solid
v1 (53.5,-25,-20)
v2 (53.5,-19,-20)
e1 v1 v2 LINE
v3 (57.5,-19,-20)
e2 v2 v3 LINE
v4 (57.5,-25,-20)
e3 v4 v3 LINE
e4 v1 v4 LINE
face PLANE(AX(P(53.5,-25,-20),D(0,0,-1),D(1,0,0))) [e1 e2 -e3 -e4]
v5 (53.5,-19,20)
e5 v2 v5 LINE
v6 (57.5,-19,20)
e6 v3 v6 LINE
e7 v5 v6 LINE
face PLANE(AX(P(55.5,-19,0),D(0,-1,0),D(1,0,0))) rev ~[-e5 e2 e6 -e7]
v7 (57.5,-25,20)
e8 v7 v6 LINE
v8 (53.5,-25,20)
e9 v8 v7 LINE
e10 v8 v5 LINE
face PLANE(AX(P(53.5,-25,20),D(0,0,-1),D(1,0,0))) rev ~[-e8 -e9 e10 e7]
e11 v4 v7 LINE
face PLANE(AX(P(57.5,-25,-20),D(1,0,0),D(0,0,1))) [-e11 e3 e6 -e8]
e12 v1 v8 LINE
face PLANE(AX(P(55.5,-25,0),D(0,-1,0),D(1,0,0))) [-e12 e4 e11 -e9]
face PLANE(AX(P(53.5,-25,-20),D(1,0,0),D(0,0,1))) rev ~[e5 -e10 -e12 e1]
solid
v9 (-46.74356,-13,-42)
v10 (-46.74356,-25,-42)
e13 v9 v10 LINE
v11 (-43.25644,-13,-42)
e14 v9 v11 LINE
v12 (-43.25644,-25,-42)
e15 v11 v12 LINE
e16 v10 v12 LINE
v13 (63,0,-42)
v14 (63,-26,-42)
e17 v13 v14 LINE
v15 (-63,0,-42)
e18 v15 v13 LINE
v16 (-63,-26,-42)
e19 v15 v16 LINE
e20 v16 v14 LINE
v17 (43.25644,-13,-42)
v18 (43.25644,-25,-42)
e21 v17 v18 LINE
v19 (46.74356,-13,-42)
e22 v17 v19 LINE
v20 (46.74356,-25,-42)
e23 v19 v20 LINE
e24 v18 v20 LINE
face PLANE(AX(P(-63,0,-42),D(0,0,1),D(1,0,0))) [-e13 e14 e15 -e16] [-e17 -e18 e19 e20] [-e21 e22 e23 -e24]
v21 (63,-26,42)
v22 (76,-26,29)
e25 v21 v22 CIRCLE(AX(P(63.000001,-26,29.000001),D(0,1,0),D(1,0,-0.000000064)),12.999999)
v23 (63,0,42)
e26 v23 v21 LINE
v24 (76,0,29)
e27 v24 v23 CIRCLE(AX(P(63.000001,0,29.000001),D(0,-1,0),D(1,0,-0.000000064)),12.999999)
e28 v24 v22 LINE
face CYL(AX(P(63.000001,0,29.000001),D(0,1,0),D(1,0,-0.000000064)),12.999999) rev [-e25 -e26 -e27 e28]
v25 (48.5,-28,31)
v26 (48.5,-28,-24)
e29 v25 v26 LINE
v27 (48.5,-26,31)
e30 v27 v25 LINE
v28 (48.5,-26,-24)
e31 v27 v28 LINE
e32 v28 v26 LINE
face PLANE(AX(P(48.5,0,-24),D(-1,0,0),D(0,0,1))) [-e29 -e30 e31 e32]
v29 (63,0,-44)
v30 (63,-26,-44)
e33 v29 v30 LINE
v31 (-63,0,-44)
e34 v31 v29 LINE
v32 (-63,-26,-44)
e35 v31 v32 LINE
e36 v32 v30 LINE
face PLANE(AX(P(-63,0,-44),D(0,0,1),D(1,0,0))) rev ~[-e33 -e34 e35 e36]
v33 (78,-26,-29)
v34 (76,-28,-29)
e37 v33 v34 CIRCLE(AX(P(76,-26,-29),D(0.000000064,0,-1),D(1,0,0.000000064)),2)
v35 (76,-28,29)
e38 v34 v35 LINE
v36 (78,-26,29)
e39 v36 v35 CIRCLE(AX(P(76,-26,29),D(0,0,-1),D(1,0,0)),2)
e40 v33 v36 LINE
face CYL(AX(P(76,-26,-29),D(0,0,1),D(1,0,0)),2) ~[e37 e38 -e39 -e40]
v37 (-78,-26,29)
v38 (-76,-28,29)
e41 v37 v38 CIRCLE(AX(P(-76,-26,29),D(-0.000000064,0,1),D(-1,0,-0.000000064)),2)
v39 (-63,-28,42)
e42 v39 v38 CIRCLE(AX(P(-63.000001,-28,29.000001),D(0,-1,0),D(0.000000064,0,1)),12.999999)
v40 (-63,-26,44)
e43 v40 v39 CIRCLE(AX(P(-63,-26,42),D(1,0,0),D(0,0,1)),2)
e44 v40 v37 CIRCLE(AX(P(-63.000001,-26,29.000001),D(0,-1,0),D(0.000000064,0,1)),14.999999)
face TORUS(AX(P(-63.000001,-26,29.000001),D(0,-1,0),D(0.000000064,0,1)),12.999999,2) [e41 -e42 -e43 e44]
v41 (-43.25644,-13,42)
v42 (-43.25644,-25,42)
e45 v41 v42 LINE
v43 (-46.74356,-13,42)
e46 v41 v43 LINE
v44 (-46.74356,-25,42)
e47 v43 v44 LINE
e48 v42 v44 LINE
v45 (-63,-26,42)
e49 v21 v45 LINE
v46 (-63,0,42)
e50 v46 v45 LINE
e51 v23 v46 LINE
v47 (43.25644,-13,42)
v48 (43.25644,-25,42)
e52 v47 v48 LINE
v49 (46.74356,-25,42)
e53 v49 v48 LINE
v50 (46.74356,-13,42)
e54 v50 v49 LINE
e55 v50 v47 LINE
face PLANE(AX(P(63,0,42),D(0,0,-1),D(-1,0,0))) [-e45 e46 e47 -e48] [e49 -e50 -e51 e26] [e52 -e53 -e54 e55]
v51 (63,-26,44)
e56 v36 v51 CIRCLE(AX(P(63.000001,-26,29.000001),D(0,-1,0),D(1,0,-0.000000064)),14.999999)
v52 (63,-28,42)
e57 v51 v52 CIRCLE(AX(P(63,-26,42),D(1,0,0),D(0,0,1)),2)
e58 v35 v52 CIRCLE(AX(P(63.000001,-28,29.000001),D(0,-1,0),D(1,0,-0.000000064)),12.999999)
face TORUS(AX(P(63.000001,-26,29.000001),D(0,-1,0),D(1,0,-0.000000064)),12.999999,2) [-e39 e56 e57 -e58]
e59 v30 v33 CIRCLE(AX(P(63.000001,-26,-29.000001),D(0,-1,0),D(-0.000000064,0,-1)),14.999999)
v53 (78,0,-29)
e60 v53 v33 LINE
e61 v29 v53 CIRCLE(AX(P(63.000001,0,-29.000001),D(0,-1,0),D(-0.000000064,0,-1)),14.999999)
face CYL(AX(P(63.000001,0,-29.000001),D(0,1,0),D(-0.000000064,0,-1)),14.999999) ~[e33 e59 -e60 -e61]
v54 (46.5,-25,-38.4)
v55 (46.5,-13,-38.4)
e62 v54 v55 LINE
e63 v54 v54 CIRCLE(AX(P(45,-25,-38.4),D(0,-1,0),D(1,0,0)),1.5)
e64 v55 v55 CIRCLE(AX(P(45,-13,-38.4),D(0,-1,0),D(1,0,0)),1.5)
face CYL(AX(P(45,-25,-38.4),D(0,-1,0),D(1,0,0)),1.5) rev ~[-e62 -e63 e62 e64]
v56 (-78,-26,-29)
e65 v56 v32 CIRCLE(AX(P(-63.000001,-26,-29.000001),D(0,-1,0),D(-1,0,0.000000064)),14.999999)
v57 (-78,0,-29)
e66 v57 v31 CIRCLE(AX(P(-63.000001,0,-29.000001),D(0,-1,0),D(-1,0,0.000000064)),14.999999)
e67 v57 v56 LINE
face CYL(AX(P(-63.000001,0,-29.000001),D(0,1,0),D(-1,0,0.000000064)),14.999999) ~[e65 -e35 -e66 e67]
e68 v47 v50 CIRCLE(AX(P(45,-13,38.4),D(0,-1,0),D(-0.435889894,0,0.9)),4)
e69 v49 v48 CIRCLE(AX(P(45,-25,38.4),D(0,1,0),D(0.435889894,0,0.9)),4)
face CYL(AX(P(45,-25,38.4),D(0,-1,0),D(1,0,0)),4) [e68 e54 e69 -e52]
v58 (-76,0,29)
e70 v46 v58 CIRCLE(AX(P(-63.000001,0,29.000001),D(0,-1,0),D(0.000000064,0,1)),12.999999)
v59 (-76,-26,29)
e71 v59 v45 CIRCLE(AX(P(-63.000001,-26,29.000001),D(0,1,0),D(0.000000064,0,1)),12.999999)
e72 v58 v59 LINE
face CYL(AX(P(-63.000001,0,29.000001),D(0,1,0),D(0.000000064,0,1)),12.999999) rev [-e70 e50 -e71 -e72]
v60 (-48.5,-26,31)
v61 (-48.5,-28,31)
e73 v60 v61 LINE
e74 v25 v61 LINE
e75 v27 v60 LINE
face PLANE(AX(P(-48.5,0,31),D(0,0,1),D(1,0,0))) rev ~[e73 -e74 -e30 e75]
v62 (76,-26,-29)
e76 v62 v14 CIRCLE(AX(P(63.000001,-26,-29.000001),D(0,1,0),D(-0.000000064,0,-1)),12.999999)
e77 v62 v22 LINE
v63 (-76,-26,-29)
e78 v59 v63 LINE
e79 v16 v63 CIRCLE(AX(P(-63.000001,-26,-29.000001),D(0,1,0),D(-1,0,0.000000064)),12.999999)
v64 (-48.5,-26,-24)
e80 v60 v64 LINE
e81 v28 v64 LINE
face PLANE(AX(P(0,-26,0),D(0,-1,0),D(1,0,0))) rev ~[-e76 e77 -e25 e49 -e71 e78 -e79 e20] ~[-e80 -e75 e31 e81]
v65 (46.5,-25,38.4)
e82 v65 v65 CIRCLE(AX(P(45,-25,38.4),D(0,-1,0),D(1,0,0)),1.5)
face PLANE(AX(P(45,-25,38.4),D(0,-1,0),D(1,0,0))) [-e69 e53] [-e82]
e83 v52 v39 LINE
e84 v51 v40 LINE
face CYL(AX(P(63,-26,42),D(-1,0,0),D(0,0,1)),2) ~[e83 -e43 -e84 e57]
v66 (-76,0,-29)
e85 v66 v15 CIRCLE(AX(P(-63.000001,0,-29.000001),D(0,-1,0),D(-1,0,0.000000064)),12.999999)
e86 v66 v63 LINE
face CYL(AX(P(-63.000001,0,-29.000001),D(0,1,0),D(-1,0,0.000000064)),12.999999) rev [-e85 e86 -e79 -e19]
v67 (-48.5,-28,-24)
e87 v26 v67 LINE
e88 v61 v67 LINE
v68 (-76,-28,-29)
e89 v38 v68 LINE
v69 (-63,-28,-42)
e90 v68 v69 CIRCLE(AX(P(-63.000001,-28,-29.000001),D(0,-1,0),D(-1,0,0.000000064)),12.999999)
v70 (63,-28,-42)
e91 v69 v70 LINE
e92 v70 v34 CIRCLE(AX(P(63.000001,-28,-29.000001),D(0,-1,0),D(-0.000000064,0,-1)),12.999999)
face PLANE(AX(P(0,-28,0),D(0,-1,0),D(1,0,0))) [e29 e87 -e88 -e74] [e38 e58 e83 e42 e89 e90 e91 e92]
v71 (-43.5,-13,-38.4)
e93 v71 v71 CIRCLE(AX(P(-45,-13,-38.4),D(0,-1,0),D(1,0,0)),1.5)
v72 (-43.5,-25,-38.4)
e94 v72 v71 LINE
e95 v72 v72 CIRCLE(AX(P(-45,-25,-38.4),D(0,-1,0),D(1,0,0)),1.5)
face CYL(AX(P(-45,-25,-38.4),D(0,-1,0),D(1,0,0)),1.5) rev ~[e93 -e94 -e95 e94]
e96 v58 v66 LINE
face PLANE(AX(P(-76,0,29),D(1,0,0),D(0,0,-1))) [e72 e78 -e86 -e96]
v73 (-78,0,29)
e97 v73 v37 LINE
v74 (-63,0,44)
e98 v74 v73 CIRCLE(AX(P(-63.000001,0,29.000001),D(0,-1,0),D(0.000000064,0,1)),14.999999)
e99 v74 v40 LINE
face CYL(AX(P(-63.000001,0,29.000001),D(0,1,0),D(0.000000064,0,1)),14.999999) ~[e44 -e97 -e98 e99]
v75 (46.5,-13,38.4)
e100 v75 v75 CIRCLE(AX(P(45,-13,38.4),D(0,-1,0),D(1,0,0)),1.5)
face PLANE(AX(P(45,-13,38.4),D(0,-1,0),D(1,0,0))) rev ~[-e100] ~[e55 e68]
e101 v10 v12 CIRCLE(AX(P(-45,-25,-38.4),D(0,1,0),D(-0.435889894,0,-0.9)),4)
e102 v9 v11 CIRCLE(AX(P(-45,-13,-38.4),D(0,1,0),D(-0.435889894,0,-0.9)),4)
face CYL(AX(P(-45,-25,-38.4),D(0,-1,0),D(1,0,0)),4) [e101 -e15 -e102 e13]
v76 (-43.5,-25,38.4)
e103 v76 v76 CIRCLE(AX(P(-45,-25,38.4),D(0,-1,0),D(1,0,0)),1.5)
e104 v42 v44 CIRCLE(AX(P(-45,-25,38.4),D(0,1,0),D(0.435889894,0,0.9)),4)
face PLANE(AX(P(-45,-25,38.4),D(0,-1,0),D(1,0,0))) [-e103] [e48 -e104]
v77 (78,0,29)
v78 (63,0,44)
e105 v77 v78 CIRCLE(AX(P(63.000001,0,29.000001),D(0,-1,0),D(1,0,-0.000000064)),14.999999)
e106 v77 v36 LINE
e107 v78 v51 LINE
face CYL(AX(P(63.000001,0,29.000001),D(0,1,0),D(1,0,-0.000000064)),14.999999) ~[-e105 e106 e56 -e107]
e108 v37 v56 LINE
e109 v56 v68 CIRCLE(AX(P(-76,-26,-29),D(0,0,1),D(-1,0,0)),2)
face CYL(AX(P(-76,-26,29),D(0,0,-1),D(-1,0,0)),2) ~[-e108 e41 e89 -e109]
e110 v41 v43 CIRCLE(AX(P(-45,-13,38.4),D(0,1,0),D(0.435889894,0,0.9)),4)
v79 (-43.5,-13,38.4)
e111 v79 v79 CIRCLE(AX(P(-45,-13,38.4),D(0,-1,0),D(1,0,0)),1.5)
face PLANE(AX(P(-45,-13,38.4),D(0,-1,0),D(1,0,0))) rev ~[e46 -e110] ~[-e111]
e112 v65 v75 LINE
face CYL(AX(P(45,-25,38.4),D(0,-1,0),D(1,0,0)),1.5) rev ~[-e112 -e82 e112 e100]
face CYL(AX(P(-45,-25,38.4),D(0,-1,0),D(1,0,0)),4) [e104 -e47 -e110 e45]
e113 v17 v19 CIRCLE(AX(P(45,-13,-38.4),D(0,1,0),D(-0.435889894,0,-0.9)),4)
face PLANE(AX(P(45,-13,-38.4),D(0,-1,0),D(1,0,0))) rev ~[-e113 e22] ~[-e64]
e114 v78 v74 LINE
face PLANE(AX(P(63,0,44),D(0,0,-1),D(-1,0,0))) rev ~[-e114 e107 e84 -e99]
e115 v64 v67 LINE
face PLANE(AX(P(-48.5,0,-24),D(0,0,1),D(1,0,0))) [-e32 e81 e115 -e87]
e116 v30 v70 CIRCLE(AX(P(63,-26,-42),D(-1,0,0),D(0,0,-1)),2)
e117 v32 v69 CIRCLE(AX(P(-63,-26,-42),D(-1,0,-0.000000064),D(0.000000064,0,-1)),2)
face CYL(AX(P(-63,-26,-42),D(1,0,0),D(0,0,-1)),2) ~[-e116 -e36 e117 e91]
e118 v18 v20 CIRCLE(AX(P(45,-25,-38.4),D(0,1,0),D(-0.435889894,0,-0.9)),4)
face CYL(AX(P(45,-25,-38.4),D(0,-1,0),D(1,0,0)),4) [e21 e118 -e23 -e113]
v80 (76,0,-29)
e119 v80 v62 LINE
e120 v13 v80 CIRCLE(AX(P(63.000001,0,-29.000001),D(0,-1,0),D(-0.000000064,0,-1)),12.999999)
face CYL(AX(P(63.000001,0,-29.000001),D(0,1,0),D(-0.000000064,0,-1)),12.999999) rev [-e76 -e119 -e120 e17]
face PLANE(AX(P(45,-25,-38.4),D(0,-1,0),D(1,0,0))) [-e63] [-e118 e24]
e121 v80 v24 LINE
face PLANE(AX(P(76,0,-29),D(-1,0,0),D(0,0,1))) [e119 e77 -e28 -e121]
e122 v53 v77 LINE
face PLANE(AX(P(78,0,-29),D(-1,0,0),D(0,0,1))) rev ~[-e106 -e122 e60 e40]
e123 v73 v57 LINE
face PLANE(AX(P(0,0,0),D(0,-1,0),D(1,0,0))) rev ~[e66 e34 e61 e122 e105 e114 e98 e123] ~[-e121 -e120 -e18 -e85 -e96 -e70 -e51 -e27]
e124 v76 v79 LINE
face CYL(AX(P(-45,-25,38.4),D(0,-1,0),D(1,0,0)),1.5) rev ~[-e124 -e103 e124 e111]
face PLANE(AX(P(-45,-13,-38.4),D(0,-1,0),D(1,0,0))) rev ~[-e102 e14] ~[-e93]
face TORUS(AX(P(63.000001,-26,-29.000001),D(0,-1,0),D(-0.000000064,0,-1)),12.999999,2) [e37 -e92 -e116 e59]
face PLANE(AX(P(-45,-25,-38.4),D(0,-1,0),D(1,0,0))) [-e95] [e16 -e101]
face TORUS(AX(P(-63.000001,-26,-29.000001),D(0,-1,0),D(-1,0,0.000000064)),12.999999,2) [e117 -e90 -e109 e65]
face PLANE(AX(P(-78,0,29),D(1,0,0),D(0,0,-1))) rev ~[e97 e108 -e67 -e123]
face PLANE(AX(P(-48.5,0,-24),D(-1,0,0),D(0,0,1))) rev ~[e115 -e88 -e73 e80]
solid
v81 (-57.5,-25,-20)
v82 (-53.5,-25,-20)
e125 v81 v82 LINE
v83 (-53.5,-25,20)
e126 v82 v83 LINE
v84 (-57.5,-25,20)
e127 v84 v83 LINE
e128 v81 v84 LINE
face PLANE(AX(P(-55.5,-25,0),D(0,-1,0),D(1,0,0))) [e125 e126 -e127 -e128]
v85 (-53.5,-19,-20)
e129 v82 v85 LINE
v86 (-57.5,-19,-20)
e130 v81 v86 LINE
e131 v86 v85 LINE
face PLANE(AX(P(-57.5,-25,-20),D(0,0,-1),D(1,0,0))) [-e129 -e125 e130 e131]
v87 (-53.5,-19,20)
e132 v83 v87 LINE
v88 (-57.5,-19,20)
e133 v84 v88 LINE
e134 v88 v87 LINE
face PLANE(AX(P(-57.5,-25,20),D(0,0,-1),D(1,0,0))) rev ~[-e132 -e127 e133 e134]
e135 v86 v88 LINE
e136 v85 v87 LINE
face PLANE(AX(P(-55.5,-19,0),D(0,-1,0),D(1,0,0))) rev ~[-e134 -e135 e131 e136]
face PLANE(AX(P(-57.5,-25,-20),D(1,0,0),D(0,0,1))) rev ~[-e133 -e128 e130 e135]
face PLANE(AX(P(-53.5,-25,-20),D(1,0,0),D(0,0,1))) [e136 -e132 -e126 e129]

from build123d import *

# Parameters (mm, degrees)
F1_DEPTH  = 28
F2_T      = -2
F4_W      = 97
F4_H      = 55
F5_DEPTH  = 50
F6_W      = 4
F6_H      = 40
F7_DEPTH  = 6
F8_R      = 2
F10_R     = 4
F10_R_2   = 1.5
F11_DEPTH = 12


with BuildPart() as f1:
    # F0 (on Front) → F1 (new body)
    with BuildSketch(Plane.XZ):
        with BuildLine():
            Line((63, 44), (-63, 44))
            ThreePointArc((-63, 44), (-73.606602, 39.606602), (-78, 29))
            Line((-78, 29), (-78, -29))
            ThreePointArc((-78, -29), (-73.606602, -39.606602), (-63, -44))
            Line((-63, -44), (63, -44))
            ThreePointArc((63, -44), (73.606602, -39.606602), (78, -29))
            Line((78, -29), (78, 29))
            ThreePointArc((78, 29), (73.606602, 39.606602), (63, 44))
        make_face()
    extrude(amount=F1_DEPTH)

    # F2
    f2_openings = [f1.faces().sort_by_distance(p)[0] for p in [
        (0, 0, 0),
    ]]
    offset(amount=F2_T, openings=f2_openings)

    # F4 (on Front) → F5 (cut)
    with BuildSketch(Plane.XZ):
        with Locations((0, 3.5)):
            Rectangle(F4_W, F4_H)
    extrude(amount=F5_DEPTH, mode=Mode.SUBTRACT)

    # F8
    f8_edges = [f1.edges().sort_by_distance(p)[0] for p in [
        (0, -28, 44),
        (78, -28, 0),
    ]]
    fillet(f8_edges, radius=F8_R)

    # F10 (on offset) → F11 (join)
    with BuildSketch(Plane.XZ.offset(25)):
        with Locations((45, 38.4)):
            Circle(F10_R)
        with Locations((45, 38.4)):
            Circle(F10_R_2, mode=Mode.SUBTRACT)
        with Locations((-45, 38.4)):
            Circle(F10_R)
        with Locations((-45, 38.4)):
            Circle(F10_R_2, mode=Mode.SUBTRACT)
        with Locations((45, -38.4)):
            Circle(F10_R)
        with Locations((45, -38.4)):
            Circle(F10_R_2, mode=Mode.SUBTRACT)
        with Locations((-45, -38.4)):
            Circle(F10_R)
        with Locations((-45, -38.4)):
            Circle(F10_R_2, mode=Mode.SUBTRACT)
    extrude(amount=-F11_DEPTH)


with BuildPart() as f7:
    # F6 (on offset) → F7 (new body)
    with BuildSketch(Plane.XZ.offset(25)):
        with Locations((55.5, 0)):
            Rectangle(F6_W, F6_H)
        with Locations((-55.5, 0)):
            Rectangle(F6_W, F6_H)
    extrude(amount=-F7_DEPTH)


solid = Compound([f1.part, f7.part])
